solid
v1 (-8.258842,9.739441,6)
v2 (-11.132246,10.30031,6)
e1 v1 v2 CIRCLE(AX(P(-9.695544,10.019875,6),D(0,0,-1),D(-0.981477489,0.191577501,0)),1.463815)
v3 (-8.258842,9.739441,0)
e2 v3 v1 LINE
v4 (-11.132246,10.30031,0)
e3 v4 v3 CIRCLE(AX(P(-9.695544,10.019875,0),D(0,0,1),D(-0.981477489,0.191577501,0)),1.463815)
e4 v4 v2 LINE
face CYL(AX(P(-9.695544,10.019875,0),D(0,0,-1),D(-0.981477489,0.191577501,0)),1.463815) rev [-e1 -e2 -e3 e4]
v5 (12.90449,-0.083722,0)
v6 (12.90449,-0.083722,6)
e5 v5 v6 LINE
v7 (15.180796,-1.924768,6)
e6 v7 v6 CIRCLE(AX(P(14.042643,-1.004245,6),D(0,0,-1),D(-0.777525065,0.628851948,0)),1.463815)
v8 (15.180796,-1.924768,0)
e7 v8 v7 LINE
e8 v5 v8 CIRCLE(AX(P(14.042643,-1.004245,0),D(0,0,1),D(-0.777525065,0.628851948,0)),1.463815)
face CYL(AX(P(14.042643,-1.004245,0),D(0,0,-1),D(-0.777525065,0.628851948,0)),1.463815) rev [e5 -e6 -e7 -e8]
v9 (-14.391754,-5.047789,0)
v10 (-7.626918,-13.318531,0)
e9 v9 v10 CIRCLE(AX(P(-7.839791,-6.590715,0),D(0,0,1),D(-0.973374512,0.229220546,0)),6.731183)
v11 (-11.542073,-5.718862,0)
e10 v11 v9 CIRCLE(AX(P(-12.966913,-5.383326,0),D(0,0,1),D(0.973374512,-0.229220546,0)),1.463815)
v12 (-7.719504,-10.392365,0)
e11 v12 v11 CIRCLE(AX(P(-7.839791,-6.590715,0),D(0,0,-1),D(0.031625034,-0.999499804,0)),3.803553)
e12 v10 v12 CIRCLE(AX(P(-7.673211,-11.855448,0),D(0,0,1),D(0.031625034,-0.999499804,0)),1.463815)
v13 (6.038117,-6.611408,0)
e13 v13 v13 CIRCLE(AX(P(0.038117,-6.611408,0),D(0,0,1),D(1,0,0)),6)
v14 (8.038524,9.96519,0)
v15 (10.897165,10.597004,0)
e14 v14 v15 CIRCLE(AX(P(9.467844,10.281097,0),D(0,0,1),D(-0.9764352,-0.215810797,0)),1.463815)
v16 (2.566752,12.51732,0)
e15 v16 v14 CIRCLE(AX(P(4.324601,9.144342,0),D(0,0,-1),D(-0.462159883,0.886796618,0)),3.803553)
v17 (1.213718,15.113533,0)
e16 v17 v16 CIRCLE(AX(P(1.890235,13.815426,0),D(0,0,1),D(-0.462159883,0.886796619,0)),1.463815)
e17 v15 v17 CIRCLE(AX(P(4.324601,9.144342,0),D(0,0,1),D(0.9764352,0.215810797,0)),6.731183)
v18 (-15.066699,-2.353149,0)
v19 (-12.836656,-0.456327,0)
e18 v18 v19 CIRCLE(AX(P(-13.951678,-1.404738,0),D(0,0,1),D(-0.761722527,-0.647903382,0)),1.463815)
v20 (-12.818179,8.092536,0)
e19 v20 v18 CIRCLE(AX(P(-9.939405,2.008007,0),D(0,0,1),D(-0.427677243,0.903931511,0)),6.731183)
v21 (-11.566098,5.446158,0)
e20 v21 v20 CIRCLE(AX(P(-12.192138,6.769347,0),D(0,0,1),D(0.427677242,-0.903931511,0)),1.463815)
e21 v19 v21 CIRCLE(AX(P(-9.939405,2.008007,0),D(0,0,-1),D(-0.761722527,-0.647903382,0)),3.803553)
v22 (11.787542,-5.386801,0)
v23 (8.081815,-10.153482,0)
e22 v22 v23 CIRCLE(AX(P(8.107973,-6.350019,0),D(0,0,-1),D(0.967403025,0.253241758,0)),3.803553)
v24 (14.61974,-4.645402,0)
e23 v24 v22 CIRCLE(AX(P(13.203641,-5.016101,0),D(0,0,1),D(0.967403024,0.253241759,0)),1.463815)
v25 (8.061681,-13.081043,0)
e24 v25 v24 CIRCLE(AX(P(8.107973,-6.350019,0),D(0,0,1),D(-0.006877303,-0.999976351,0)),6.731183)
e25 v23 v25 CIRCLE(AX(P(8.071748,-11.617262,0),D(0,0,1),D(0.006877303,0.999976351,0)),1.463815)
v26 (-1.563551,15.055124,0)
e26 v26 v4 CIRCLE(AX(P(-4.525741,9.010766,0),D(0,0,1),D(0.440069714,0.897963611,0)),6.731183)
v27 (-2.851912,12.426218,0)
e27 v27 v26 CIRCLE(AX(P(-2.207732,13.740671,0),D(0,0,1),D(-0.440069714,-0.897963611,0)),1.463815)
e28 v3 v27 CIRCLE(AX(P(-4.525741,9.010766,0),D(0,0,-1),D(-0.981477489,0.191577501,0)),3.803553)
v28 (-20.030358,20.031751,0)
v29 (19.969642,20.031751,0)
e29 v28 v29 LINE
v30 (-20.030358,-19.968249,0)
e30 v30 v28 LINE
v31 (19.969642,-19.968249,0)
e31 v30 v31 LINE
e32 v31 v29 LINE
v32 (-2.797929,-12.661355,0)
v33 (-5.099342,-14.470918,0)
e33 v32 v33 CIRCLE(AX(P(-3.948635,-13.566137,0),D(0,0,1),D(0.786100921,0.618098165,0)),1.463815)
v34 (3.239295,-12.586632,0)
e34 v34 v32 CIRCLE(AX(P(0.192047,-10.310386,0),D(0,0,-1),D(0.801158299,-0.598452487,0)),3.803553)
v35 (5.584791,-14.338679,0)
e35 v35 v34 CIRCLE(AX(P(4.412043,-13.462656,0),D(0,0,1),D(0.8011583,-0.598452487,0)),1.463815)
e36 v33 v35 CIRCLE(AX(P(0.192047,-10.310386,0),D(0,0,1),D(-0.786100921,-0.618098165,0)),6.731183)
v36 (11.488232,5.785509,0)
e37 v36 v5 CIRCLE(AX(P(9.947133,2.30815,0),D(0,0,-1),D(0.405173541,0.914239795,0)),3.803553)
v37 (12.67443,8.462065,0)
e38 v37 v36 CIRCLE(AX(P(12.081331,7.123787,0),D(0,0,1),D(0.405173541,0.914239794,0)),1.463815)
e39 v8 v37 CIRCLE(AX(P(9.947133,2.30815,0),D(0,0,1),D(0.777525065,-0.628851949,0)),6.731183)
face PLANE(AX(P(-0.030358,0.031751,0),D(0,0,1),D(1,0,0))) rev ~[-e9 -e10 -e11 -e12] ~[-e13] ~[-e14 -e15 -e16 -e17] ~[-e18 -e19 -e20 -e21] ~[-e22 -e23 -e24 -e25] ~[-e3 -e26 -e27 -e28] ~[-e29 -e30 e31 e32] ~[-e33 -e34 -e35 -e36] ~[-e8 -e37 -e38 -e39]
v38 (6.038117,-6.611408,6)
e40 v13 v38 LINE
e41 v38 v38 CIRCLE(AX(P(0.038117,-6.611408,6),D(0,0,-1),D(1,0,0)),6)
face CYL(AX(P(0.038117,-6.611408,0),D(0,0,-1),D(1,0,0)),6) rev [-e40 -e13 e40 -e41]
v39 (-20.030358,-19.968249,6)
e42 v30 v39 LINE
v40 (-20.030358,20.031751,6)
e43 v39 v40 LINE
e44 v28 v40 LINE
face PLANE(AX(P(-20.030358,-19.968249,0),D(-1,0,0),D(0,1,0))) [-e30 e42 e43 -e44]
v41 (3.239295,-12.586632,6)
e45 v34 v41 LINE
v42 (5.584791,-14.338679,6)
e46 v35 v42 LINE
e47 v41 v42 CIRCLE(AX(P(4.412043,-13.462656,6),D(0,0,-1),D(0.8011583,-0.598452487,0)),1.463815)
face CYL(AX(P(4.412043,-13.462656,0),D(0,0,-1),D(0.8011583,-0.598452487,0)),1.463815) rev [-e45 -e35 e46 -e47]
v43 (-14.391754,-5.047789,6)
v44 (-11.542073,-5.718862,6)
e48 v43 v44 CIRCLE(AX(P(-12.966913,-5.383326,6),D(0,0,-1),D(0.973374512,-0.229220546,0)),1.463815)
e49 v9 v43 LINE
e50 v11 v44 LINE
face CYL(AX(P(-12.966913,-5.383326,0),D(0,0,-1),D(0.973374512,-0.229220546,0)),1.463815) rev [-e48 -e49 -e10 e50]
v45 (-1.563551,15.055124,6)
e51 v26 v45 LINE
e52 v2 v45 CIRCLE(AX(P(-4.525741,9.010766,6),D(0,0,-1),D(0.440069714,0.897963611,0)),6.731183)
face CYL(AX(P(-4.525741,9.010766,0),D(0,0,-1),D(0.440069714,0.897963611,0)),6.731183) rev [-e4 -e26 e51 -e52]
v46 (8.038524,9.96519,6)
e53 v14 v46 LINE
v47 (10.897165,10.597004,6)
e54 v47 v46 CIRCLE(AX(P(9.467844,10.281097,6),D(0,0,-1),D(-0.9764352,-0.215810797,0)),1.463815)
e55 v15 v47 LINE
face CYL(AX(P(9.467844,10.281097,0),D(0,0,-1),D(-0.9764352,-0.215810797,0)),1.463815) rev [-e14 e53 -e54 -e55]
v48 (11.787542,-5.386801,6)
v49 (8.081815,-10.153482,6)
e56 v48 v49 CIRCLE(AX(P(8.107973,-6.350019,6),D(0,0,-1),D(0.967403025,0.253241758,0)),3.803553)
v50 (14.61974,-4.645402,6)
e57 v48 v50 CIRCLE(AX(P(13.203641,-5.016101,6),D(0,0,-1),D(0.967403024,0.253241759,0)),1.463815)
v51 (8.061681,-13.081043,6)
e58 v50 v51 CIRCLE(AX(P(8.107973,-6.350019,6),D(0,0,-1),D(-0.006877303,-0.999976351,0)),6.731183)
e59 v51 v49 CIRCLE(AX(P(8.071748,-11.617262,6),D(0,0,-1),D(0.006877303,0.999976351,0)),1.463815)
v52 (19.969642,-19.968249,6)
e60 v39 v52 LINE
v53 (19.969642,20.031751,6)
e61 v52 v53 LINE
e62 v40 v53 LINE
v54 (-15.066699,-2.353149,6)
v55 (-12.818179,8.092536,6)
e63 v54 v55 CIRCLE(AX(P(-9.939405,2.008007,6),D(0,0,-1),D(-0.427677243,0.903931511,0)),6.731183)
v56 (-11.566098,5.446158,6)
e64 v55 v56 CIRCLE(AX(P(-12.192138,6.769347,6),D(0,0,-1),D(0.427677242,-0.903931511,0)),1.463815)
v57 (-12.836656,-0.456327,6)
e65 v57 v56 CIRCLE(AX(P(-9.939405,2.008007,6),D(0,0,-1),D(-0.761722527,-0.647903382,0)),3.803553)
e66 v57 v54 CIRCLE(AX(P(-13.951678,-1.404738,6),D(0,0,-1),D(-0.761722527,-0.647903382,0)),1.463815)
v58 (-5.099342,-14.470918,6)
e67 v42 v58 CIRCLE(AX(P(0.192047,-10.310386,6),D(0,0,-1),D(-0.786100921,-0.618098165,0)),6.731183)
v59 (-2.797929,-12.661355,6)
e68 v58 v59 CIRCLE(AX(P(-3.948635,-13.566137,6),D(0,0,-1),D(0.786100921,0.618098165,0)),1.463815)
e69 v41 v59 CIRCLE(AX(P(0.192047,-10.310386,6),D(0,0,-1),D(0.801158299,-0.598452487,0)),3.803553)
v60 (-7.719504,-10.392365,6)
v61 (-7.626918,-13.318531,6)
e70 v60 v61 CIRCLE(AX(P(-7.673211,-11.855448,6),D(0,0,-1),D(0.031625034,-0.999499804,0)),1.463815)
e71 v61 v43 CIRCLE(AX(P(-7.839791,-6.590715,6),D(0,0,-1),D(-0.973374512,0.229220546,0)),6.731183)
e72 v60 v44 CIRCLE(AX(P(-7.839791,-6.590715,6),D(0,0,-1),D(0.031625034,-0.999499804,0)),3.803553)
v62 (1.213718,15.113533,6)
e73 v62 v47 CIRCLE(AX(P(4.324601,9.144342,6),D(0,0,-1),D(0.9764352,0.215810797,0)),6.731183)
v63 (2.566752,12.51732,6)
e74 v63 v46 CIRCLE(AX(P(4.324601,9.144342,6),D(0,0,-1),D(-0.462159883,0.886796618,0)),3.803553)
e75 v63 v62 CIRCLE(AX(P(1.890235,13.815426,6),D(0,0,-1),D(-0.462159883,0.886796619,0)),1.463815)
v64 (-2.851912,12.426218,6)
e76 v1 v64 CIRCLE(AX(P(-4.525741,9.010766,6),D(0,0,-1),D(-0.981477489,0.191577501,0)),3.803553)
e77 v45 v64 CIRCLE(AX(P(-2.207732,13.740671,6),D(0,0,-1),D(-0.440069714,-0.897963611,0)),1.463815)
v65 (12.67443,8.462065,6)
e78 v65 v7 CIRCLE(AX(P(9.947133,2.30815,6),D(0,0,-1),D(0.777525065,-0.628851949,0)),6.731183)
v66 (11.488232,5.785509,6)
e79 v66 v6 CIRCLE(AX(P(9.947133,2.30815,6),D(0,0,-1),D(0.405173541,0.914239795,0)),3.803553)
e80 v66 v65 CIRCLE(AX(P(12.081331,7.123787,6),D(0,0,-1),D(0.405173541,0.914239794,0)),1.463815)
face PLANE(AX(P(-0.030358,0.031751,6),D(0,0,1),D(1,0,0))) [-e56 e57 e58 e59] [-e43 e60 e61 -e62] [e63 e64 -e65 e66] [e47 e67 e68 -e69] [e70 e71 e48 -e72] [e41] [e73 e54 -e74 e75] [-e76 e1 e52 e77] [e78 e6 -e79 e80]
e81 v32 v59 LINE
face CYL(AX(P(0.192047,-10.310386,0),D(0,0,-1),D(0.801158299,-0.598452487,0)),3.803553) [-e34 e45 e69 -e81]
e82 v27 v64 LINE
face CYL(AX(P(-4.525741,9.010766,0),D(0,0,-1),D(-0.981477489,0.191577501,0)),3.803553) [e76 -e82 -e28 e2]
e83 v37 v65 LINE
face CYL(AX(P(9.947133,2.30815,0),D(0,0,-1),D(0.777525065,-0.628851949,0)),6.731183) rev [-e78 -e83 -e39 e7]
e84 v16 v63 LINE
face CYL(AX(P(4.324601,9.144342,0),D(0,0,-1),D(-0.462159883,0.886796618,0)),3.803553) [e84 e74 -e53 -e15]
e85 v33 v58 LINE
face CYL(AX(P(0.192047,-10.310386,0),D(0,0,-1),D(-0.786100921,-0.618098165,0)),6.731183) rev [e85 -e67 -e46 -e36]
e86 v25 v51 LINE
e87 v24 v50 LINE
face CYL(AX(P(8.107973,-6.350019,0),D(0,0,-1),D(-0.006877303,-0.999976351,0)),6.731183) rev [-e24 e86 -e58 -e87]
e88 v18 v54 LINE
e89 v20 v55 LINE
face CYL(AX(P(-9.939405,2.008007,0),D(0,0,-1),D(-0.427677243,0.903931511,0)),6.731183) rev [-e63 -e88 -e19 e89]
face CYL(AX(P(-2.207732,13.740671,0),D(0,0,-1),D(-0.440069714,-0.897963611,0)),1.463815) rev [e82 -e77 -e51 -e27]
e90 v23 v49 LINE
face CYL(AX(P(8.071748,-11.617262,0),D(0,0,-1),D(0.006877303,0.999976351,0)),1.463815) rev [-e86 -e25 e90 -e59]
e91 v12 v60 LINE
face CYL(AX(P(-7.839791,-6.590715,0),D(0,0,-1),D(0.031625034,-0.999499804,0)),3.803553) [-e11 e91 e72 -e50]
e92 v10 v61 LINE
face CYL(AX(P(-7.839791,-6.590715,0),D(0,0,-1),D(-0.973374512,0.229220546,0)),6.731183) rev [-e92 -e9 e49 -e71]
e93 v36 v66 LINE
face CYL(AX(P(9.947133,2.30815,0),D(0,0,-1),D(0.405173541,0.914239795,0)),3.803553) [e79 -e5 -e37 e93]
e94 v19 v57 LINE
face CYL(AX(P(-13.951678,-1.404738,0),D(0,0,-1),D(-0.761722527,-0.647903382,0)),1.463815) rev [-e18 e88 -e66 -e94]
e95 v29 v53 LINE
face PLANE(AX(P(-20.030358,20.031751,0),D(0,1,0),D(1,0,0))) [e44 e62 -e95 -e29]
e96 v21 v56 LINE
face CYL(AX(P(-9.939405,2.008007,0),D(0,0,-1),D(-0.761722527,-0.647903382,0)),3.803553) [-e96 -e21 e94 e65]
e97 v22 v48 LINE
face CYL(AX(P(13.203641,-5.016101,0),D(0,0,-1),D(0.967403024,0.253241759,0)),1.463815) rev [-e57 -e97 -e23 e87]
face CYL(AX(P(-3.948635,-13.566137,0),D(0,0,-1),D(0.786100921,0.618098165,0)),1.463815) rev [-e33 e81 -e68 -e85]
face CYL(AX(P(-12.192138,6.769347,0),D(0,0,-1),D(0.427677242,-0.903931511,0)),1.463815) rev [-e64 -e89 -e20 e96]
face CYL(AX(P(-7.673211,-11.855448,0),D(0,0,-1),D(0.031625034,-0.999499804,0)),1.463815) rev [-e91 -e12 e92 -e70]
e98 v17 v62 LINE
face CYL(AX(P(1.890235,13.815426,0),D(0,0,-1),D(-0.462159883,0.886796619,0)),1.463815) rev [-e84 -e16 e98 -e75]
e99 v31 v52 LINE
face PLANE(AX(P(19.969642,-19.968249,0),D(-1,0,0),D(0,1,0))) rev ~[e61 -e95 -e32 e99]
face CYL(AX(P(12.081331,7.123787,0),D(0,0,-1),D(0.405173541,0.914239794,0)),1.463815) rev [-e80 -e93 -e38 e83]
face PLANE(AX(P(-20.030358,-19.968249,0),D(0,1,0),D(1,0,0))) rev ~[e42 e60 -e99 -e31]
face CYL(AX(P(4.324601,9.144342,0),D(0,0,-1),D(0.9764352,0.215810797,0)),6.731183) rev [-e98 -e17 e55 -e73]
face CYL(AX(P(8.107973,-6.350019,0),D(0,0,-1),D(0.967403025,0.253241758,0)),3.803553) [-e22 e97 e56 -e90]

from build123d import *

# Parameters (mm, degrees)
SKETCH1_W           = 40
SKETCH1_H           = 40
BOSS_EXTRUDE1_DEPTH = 6
SKETCH3_R           = 6
CUT_EXTRUDE1_DEPTH  = 29.956627751


with BuildPart() as part:
    # Sketch1 → Boss-Extrude1 (new body)
    with BuildSketch(Plane.XY):
        with Locations((-0.03035818, 0.031750845)):
            Rectangle(SKETCH1_W, SKETCH1_H)
    extrude(amount=BOSS_EXTRUDE1_DEPTH)

    # Sketch3 → Cut-Extrude1 (cut, through all)
    with BuildSketch(Plane.XY):
        with Locations((0.03811678, -6.611407744)):
            Circle(SKETCH3_R)
        with BuildLine():
            ThreePointArc((-1.563550895, 15.055123875), (-7.521124365, 15.038743131), (-11.132245635, 10.300309513))
            ThreePointArc((-11.132245635, 10.300309513), (-9.975977933, 8.583173649), (-8.258842069, 9.739441351))
            ThreePointArc((-8.258842069, 9.739441351), (-6.218325676, 12.416961919), (-2.851912471, 12.426218095))
            ThreePointArc((-2.851912471, 12.426218095), (-0.893278793, 13.096490197), (-1.563550895, 15.055123875))
        make_face()
        with BuildLine():
            ThreePointArc((10.897165218, 10.597004263), (7.169871935, 15.244609534), (1.213718069, 15.113532793))
            ThreePointArc((1.213718069, 15.113532793), (0.592128311, 13.138909601), (2.566751502, 12.517319844))
            ThreePointArc((2.566751502, 12.517319844), (5.932362539, 12.591386656), (8.038523611, 9.965189961))
            ThreePointArc((8.038523611, 9.965189961), (9.783751566, 8.851776308), (10.897165218, 10.597004263))
        make_face()
        with BuildLine():
            ThreePointArc((15.180796373, -1.924768002), (16.490511142, 3.887081721), (12.674430025, 8.462065316))
            ThreePointArc((12.674430025, 8.462065316), (10.743052573, 7.716886336), (11.488231553, 5.785508884))
            ThreePointArc((11.488231553, 5.785508884), (13.644563477, 3.20034812), (12.904490171, -0.083721771))
            ThreePointArc((12.904490171, -0.083721771), (13.122120157, -2.142397987), (15.180796373, -1.924768002))
        make_face()
        with BuildLine():
            ThreePointArc((8.06168094, -13.081043006), (13.422161827, -10.481390213), (14.619740374, -4.645402241))
            ThreePointArc((14.619740374, -4.645402241), (12.832941842, -3.60000204), (11.78754164, -5.386800572))
            ThreePointArc((11.78754164, -5.386800572), (11.110832531, -8.684510129), (8.081815142, -10.153481604))
            ThreePointArc((8.081815142, -10.153481604), (6.60796734, -11.607195205), (8.06168094, -13.081043006))
        make_face()
        with BuildLine():
            ThreePointArc((-5.099341956, -14.470918126), (0.275353607, -17.041053839), (5.584790746, -14.338679466))
            ThreePointArc((5.584790746, -14.338679466), (5.288066872, -12.289907756), (3.239295163, -12.586631629))
            ThreePointArc((3.239295163, -12.586631629), (0.239120783, -14.113647422), (-2.797928816, -12.661355))
            ThreePointArc((-2.797928816, -12.661355), (-4.853416949, -12.415429993), (-5.099341956, -14.470918126))
        make_face()
        with BuildLine():
            ThreePointArc((-14.391753639, -5.047789047), (-13.050098782, -10.852348653), (-7.62691751, -13.3185309))
            ThreePointArc((-7.62691751, -13.3185309), (-6.210127596, -11.809154567), (-7.719503929, -10.392364653))
            ThreePointArc((-7.719503929, -10.392364653), (-10.783951079, -8.998812644), (-11.542072595, -5.718862139))
            ThreePointArc((-11.542072595, -5.718862139), (-12.63137657, -3.958485071), (-14.391753639, -5.047789047))
        make_face()
        with BuildLine():
            ThreePointArc((-12.81817858, 8.092535837), (-16.519857902, 3.424504113), (-15.066698607, -2.353149221))
            ThreePointArc((-15.066698607, -2.353149221), (-13.003266608, -2.519759429), (-12.8366564, -0.456327431))
            ThreePointArc((-12.8366564, -0.456327431), (-13.657785113, 2.808419294), (-11.566097582, 5.446158252))
            ThreePointArc((-11.566097582, 5.446158252), (-10.868949288, 7.395387544), (-12.81817858, 8.092535837))
        make_face()
    extrude(amount=CUT_EXTRUDE1_DEPTH, mode=Mode.SUBTRACT)


solid = part.part
